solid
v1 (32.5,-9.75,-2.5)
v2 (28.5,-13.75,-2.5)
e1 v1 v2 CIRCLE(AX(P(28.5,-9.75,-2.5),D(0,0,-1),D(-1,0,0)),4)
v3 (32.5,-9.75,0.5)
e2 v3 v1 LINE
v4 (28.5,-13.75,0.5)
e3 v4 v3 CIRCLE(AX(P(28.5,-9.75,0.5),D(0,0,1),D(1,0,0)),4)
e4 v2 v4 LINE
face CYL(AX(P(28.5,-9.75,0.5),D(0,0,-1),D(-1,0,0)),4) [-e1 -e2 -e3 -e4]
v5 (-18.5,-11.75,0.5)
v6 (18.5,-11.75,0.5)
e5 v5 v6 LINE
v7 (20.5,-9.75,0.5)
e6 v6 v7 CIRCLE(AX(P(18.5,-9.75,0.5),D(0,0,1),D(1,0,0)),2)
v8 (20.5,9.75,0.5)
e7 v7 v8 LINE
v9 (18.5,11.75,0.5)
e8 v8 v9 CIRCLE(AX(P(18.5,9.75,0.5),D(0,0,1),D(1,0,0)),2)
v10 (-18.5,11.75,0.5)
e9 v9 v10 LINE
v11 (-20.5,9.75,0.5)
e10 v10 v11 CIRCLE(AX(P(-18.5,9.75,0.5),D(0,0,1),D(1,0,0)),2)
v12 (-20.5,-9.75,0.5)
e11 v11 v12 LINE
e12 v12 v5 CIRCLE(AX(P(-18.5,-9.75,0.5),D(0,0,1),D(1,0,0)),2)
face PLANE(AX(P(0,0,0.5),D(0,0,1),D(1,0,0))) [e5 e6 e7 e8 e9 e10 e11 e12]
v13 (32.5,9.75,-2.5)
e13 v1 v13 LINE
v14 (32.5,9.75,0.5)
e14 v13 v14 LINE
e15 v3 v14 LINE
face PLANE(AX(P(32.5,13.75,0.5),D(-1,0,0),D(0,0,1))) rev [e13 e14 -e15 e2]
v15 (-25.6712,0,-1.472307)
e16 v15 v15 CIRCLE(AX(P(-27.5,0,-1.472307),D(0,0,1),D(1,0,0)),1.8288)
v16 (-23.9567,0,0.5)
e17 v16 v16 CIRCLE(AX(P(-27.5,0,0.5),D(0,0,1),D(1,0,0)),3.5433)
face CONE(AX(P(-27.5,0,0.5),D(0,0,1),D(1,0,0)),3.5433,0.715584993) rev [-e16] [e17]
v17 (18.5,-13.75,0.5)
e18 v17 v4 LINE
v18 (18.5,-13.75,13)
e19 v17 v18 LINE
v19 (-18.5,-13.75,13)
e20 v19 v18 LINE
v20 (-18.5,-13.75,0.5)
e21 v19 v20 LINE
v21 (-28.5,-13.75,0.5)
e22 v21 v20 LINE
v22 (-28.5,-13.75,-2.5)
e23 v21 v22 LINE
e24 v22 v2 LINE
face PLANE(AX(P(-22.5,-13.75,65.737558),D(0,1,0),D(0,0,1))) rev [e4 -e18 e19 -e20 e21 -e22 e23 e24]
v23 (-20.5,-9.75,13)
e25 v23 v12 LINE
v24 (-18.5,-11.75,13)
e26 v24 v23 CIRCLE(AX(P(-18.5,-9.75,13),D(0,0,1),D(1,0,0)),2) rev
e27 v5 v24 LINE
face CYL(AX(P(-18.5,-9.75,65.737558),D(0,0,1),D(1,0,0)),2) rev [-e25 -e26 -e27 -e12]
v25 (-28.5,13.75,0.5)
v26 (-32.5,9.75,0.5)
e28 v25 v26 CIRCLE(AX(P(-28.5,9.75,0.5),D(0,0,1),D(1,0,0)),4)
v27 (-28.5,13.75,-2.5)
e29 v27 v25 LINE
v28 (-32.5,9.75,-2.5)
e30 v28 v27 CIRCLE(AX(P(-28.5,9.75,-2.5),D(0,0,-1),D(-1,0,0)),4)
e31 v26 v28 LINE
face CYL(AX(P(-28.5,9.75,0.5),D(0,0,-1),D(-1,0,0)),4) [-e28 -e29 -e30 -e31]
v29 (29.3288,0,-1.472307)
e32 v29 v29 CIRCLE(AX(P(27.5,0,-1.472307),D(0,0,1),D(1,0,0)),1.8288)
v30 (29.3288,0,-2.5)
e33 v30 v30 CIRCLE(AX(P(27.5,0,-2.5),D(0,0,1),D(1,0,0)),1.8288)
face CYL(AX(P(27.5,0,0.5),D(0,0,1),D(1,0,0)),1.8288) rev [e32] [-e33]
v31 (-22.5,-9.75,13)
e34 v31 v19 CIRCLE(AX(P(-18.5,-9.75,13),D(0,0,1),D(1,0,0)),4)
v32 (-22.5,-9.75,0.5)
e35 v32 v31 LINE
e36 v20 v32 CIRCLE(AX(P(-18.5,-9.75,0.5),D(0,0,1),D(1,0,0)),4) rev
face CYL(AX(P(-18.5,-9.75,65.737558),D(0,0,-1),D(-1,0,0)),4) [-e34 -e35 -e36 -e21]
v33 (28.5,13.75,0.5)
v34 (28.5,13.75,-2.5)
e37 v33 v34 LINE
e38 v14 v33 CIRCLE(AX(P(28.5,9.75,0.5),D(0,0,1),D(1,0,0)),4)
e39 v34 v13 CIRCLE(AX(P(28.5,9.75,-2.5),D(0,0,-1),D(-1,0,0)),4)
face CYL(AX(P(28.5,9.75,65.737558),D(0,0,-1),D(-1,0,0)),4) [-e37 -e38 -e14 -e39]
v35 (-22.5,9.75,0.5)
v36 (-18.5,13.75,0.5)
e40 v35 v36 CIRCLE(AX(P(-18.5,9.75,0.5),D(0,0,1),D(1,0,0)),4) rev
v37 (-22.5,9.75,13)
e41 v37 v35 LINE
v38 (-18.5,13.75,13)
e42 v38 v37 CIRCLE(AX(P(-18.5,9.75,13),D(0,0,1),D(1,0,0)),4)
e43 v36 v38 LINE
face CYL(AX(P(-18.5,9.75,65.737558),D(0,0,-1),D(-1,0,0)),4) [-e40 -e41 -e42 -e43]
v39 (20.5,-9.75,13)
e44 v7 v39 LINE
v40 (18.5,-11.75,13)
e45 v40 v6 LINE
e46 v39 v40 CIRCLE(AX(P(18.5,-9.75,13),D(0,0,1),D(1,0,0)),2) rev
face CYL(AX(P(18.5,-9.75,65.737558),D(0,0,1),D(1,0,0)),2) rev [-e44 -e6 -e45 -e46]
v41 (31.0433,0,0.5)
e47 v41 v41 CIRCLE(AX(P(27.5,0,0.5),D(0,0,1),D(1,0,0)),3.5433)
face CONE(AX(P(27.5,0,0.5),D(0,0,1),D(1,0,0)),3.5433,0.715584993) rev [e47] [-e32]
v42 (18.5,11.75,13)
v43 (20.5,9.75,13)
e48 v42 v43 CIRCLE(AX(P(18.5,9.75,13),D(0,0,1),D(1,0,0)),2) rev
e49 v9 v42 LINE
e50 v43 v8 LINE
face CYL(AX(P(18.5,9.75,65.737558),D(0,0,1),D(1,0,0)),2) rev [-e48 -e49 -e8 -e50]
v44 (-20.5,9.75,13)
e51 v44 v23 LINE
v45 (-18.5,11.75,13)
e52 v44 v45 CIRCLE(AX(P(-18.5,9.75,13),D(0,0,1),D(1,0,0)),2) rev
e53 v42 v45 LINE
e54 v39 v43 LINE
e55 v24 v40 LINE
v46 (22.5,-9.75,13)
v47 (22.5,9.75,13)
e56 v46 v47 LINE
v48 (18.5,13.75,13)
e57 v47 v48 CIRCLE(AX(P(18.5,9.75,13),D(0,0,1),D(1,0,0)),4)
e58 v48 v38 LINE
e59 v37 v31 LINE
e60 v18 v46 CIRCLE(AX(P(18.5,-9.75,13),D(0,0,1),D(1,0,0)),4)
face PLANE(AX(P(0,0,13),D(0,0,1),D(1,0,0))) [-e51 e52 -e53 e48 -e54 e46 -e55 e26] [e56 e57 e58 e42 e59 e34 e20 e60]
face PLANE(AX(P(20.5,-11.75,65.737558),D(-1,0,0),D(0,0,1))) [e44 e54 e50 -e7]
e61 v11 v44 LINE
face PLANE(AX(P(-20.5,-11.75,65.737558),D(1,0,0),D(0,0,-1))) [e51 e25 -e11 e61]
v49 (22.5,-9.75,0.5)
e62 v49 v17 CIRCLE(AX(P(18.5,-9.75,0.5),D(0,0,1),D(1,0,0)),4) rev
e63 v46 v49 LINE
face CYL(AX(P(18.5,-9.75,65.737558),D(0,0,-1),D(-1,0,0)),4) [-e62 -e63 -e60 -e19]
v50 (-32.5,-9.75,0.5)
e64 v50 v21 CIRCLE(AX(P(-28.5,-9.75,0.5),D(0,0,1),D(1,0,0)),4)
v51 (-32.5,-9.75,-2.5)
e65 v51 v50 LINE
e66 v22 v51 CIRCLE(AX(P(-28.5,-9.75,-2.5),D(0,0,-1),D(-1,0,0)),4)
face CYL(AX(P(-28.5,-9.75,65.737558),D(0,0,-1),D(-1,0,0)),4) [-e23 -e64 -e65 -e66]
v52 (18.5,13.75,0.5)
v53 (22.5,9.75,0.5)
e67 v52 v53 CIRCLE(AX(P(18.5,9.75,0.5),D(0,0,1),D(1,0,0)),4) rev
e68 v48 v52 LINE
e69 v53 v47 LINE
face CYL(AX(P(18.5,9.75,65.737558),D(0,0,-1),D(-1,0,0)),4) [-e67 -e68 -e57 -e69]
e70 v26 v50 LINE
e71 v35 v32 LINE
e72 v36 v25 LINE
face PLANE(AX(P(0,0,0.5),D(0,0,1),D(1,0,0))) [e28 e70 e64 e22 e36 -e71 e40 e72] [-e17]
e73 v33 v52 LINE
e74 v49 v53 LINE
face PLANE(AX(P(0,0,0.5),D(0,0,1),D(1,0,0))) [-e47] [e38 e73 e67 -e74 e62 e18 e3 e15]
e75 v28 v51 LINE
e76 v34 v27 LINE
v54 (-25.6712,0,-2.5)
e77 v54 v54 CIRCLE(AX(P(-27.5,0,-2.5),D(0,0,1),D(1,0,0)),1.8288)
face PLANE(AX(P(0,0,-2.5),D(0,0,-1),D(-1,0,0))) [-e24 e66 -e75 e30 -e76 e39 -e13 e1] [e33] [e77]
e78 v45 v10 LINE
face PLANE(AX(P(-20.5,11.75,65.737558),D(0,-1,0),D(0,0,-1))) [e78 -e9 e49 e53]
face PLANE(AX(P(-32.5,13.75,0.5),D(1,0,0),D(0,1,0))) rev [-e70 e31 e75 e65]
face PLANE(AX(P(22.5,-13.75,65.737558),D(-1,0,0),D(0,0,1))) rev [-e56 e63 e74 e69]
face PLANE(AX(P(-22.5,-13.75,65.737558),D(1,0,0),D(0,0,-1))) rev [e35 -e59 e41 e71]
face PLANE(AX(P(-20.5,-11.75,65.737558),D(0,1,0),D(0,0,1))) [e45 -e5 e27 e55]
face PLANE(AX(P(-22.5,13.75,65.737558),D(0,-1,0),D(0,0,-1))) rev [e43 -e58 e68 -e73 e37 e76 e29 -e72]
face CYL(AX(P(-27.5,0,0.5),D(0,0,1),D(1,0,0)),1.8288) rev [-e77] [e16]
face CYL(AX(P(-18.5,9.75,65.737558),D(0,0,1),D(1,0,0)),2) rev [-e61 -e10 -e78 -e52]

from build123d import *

# Parameters (mm, degrees)
WALLS_SKETCH_W                 = 45
WALLS_SKETCH_H                 = 27.5
WALLS_SKETCH_W_2               = 41
WALLS_SKETCH_H_2               = 23.5
WALLS_EXTRUDE_DEPTH            = 15.5
BASE_SKETCH_W                  = 65
BASE_SKETCH_H                  = 27.5
BASE_EXTRUDE_DEPTH             = 3
NO_6_MOUNTING_HOLES_AT_2_COUNT = 2
NO_6_MOUNTING_HOLES_AT_2_PITCH = 55
TAB_FILLETS_R                  = 4
INSIDE_CORNER_FILLETS_R        = 2
OUTSIDE_CORNER_FILLETS_R       = 4


with BuildPart() as part:
    # Walls Sketch → Walls Extrude (new body)
    with BuildSketch(Plane.XY.offset(-2.5)):
        Rectangle(WALLS_SKETCH_W, WALLS_SKETCH_H)
        Rectangle(WALLS_SKETCH_W_2, WALLS_SKETCH_H_2, mode=Mode.SUBTRACT)
    extrude(amount=WALLS_EXTRUDE_DEPTH)

    # Base Sketch → Base Extrude (add)
    with BuildSketch(Plane.XY.offset(-2.5)):
        Rectangle(BASE_SKETCH_W, BASE_SKETCH_H)
    extrude(amount=BASE_EXTRUDE_DEPTH)

    # No. 6 Mounting Holes Profile Sketch → No. 6 Mounting Holes (revolve, cut)
    with BuildSketch(Plane(origin=(-27.5, 0, 0.5), x_dir=(0, -1, 0), z_dir=(1, 0, 0))):
        Polygon((0, 0), (0, 3), (1.8288, 3), (1.8288, 1.972306634), (3.5433, 0), align=None)
    no_6_mounting_holes = revolve(axis=Axis((-27.5, 0, 6.85), (0, 0, -1)), mode=Mode.SUBTRACT)

    # No. 6 Mounting Holes at 2: No. 6 Mounting Holes ×2
    with Locations(*[(i * NO_6_MOUNTING_HOLES_AT_2_PITCH, 0, 0) for i in range(1, NO_6_MOUNTING_HOLES_AT_2_COUNT)]):
        add(no_6_mounting_holes, mode=Mode.SUBTRACT)

    # Tab Fillets
    tab_fillets_edges = [part.edges().sort_by_distance(p)[0] for p in [
        (-32.5, -13.75, -1),
        (32.5, 13.75, -1),
        (-32.5, 13.75, -1),
        (32.5, -13.75, -1),
    ]]
    fillet(tab_fillets_edges, radius=TAB_FILLETS_R)

    # Inside Corner Fillets
    inside_corner_fillets_edges = [part.edges().sort_by_distance(p)[0] for p in [
        (-20.5, -11.75, 6.75),
        (20.5, -11.75, 6.75),
        (-20.5, 11.75, 6.75),
        (20.5, 11.75, 6.75),
    ]]
    fillet(inside_corner_fillets_edges, radius=INSIDE_CORNER_FILLETS_R)

    # Outside Corner Fillets
    outside_corner_fillets_edges = [part.edges().sort_by_distance(p)[0] for p in [
        (22.5, -13.75, 6.75),
        (-22.5, -13.75, 6.75),
        (-22.5, 13.75, 6.75),
        (22.5, 13.75, 6.75),
    ]]
    fillet(outside_corner_fillets_edges, radius=OUTSIDE_CORNER_FILLETS_R)


solid = part.part
